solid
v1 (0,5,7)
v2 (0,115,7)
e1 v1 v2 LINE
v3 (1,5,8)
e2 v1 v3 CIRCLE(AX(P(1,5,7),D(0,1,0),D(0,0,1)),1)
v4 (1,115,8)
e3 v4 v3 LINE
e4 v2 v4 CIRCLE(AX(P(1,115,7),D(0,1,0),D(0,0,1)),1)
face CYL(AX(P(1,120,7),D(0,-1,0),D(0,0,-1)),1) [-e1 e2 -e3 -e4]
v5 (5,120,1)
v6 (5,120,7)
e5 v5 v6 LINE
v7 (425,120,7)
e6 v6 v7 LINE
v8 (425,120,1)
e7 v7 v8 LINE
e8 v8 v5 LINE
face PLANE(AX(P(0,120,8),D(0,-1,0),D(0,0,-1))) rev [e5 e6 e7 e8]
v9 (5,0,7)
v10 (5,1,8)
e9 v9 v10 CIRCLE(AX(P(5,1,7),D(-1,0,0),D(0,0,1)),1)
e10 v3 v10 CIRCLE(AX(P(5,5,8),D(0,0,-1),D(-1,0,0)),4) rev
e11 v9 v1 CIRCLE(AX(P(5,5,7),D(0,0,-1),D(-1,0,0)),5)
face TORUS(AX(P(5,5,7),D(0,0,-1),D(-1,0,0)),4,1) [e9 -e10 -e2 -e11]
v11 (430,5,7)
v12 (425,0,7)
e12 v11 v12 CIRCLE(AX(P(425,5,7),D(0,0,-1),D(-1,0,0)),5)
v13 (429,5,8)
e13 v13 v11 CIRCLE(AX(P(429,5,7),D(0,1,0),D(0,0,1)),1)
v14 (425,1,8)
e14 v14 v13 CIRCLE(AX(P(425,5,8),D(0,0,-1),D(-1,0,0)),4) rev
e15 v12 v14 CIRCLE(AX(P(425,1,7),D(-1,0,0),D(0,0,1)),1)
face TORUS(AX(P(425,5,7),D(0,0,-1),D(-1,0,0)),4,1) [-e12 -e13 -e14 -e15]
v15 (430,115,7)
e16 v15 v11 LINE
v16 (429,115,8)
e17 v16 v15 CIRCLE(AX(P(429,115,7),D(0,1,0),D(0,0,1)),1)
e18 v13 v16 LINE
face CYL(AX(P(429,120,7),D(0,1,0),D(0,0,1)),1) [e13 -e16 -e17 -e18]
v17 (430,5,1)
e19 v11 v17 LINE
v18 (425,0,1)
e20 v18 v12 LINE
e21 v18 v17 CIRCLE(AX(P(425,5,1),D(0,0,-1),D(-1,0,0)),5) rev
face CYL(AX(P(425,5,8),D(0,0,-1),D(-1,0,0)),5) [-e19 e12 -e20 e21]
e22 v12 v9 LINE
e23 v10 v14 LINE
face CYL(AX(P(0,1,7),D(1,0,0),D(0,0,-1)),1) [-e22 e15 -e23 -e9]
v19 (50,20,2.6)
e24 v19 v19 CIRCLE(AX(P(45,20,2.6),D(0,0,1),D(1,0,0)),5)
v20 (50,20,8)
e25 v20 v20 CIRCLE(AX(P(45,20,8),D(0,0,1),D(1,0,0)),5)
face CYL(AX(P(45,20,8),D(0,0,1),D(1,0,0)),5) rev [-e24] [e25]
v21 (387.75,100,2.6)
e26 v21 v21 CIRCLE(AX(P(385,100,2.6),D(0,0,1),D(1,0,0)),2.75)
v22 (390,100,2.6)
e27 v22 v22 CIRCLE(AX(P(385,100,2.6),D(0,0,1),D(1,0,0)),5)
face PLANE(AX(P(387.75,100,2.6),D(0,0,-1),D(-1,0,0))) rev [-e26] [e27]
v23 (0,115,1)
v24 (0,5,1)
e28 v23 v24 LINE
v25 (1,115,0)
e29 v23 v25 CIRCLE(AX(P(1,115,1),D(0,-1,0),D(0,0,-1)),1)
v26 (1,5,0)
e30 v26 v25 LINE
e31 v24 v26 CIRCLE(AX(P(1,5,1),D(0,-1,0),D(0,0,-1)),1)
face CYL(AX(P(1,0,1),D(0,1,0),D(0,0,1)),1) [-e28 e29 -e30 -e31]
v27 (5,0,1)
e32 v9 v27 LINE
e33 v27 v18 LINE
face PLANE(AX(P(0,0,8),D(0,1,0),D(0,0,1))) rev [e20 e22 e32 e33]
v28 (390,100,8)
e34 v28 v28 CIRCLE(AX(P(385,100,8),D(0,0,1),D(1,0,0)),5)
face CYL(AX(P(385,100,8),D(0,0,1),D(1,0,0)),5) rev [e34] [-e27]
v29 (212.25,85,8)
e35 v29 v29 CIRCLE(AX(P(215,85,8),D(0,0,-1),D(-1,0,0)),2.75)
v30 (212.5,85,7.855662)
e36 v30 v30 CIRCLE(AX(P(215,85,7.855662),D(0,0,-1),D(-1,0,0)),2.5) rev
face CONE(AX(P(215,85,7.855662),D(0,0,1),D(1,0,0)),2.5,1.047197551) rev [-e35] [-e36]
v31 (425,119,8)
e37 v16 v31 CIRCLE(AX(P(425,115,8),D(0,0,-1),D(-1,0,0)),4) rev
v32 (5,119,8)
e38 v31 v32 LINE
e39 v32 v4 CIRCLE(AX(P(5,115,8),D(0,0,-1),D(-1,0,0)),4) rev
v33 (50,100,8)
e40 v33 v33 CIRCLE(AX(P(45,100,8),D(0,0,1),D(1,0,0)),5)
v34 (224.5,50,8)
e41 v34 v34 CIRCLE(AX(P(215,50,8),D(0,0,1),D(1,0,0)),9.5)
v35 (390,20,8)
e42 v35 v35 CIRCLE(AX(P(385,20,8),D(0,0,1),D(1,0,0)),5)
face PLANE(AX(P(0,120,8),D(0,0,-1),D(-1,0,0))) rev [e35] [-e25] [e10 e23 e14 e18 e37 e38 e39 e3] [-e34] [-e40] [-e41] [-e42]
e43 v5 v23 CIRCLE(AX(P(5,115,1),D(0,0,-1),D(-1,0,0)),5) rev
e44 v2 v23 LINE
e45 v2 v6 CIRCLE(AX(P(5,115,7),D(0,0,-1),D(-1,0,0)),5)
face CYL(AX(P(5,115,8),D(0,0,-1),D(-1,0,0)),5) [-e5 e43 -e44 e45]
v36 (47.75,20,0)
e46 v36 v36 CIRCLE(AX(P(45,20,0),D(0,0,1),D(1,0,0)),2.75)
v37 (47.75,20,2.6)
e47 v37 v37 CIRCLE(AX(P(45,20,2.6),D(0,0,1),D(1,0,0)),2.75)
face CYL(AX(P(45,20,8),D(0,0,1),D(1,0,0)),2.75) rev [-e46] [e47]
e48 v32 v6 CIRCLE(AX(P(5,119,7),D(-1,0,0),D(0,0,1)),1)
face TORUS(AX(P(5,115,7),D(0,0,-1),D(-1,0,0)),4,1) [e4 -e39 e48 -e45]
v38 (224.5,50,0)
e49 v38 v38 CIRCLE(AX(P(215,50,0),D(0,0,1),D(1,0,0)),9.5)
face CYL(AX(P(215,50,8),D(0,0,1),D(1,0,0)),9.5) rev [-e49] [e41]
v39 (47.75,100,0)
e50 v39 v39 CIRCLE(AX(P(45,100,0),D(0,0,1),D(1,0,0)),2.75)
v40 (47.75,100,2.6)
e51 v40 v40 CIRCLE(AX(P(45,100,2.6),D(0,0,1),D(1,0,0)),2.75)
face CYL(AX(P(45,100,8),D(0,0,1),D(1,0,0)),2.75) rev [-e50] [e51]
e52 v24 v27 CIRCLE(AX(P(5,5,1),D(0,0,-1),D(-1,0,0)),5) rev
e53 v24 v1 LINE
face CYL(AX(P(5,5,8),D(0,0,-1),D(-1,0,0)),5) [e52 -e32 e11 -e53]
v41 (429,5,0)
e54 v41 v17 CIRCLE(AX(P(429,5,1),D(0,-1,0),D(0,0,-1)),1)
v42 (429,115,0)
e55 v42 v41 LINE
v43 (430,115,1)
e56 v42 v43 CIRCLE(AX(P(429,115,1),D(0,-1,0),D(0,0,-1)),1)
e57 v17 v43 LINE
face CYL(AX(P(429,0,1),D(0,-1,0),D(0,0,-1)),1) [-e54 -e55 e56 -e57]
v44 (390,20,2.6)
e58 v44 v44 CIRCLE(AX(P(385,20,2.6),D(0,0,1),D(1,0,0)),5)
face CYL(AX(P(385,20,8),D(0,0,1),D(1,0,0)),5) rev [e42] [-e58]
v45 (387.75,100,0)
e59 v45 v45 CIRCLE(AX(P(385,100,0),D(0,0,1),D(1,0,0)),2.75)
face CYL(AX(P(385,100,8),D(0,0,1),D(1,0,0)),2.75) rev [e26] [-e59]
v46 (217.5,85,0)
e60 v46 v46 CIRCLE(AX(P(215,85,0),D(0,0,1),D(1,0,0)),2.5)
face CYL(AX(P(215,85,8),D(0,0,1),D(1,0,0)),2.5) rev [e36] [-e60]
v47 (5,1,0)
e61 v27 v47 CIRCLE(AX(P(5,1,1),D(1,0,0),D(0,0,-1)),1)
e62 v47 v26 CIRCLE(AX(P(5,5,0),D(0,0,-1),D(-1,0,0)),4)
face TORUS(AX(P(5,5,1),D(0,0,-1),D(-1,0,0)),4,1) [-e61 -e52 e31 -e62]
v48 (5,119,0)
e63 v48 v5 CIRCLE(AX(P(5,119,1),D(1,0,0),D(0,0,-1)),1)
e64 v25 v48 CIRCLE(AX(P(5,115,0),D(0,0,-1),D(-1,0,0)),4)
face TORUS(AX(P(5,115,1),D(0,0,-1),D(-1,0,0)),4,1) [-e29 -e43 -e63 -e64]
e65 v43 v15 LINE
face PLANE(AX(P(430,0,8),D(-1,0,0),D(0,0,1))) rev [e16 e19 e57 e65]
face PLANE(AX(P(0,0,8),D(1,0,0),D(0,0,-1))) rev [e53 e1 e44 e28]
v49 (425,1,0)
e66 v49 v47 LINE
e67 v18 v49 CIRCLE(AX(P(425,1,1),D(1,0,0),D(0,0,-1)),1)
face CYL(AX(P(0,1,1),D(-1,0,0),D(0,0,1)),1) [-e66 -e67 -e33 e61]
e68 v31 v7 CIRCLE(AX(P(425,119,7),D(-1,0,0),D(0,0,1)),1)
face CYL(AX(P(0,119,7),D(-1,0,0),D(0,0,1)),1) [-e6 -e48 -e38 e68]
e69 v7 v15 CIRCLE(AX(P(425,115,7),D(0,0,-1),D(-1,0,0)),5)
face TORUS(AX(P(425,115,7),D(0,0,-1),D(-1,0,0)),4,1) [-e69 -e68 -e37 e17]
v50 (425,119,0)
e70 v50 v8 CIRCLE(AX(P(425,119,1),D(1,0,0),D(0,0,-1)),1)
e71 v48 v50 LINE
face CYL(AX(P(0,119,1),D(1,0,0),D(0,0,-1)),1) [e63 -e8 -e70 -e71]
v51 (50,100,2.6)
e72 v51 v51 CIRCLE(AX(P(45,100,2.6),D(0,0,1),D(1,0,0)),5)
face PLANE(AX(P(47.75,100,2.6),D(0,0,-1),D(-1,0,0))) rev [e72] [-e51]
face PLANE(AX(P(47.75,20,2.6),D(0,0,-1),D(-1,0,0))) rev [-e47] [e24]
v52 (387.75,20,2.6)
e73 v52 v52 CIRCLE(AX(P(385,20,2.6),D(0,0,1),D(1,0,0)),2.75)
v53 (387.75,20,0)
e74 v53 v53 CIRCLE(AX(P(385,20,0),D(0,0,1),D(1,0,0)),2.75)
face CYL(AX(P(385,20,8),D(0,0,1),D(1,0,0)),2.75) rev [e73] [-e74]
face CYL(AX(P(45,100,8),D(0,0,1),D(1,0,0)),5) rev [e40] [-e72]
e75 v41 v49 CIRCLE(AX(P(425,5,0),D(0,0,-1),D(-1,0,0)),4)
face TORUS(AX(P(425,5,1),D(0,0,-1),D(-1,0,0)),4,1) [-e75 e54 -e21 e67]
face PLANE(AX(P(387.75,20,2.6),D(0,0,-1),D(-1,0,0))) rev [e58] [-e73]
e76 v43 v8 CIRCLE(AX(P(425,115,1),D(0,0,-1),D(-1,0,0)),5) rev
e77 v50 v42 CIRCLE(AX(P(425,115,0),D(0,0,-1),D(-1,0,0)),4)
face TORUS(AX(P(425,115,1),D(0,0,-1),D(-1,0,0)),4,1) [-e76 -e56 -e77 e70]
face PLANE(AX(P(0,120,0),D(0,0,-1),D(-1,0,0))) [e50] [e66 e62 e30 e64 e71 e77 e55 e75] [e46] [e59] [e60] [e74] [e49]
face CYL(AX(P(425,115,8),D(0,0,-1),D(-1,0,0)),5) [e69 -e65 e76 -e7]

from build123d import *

# Parameters (mm, degrees)
SKETCH1_W                                           = 430
SKETCH1_H                                           = 120
EXTRUDE1_DEPTH                                      = 8
FILLET1_R                                           = 5
FILLET2_R                                           = 1
CBORE_FOR_M5_HEX_SOCKET_HEAD_CAP_SCREW1_D           = 5.5
CBORE_FOR_M5_HEX_SOCKET_HEAD_CAP_SCREW1_CBORE_D     = 10
CBORE_FOR_M5_HEX_SOCKET_HEAD_CAP_SCREW1_CBORE_DEPTH = 5.4
F_5_0_5_DIAMETER_HOLE1_D                            = 5
F_19_0_19_DIAMETER_HOLE1_D                          = 19
CHAMFER1_SIZE                                       = 0.25
CHAMFER1_SIZE2                                      = 0.144337567


with BuildPart() as part:
    # Sketch1 → Extrude1 (new body)
    with BuildSketch(Plane.XY):
        with Locations((215, 60)):
            Rectangle(SKETCH1_W, SKETCH1_H)
    extrude(amount=EXTRUDE1_DEPTH)

    # Fillet1
    fillet1_edges = [part.edges().sort_by_distance(p)[0] for p in [
        (0, 120, 4),
        (430, 120, 4),
        (430, 0, 4),
        (0, 0, 4),
    ]]
    fillet(fillet1_edges, radius=FILLET1_R)

    # Fillet2
    fillet2_edges = [part.edges().sort_by_distance(p)[0] for p in [
        (215, 0, 0),
        (215, 0, 8),
        (0, 60, 0),
        (215, 120, 0),
        (430, 60, 0),
        (1.464466094, 118.535533906, 0),
        (428.535533906, 118.535533906, 0),
        (428.535533906, 1.464466094, 0),
        (1.464466094, 1.464466094, 0),
        (0, 60, 8),
        (430, 60, 8),
        (215, 120, 8),
        (1.464466094, 118.535533906, 8),
        (428.535533906, 118.535533906, 8),
        (428.535533906, 1.464466094, 8),
        (1.464466094, 1.464466094, 8),
    ]]
    fillet(fillet2_edges, radius=FILLET2_R)

    # CBORE for M5 Hex Socket Head Cap Screw1 (through all)
    with Locations(Plane(origin=(45, 100, 8), x_dir=(1, 0, 0), z_dir=(0, 0, 1))):
        with Locations((0, 0), (0, -80), (340, -80), (340, 0)):
            CounterBoreHole(CBORE_FOR_M5_HEX_SOCKET_HEAD_CAP_SCREW1_D / 2, CBORE_FOR_M5_HEX_SOCKET_HEAD_CAP_SCREW1_CBORE_D / 2, CBORE_FOR_M5_HEX_SOCKET_HEAD_CAP_SCREW1_CBORE_DEPTH)

    # Ø5.0 (5) Diameter Hole1 (through all)
    with Locations(Plane(origin=(215, 85, 8), x_dir=(1, 0, 0), z_dir=(0, 0, 1))):
        with Locations((0, 0)):
            Hole(F_5_0_5_DIAMETER_HOLE1_D / 2)

    # Ø19.0 (19) Diameter Hole1 (through all)
    with Locations(Plane(origin=(215, 50, 8), x_dir=(1, 0, 0), z_dir=(0, 0, 1))):
        with Locations((0, 0)):
            Hole(F_19_0_19_DIAMETER_HOLE1_D / 2)

    # Chamfer1
    chamfer1_edges = [part.edges().sort_by_distance(p)[0] for p in [
        (217.5, 85, 8),
    ]]
    chamfer1_side = [part.faces().sort_by_distance(p)[0] for p in [
        (215, 60.047007724, 8),
    ]]
    chamfer(chamfer1_edges, length=CHAMFER1_SIZE, length2=CHAMFER1_SIZE2, reference=chamfer1_side[0])


solid = part.part
